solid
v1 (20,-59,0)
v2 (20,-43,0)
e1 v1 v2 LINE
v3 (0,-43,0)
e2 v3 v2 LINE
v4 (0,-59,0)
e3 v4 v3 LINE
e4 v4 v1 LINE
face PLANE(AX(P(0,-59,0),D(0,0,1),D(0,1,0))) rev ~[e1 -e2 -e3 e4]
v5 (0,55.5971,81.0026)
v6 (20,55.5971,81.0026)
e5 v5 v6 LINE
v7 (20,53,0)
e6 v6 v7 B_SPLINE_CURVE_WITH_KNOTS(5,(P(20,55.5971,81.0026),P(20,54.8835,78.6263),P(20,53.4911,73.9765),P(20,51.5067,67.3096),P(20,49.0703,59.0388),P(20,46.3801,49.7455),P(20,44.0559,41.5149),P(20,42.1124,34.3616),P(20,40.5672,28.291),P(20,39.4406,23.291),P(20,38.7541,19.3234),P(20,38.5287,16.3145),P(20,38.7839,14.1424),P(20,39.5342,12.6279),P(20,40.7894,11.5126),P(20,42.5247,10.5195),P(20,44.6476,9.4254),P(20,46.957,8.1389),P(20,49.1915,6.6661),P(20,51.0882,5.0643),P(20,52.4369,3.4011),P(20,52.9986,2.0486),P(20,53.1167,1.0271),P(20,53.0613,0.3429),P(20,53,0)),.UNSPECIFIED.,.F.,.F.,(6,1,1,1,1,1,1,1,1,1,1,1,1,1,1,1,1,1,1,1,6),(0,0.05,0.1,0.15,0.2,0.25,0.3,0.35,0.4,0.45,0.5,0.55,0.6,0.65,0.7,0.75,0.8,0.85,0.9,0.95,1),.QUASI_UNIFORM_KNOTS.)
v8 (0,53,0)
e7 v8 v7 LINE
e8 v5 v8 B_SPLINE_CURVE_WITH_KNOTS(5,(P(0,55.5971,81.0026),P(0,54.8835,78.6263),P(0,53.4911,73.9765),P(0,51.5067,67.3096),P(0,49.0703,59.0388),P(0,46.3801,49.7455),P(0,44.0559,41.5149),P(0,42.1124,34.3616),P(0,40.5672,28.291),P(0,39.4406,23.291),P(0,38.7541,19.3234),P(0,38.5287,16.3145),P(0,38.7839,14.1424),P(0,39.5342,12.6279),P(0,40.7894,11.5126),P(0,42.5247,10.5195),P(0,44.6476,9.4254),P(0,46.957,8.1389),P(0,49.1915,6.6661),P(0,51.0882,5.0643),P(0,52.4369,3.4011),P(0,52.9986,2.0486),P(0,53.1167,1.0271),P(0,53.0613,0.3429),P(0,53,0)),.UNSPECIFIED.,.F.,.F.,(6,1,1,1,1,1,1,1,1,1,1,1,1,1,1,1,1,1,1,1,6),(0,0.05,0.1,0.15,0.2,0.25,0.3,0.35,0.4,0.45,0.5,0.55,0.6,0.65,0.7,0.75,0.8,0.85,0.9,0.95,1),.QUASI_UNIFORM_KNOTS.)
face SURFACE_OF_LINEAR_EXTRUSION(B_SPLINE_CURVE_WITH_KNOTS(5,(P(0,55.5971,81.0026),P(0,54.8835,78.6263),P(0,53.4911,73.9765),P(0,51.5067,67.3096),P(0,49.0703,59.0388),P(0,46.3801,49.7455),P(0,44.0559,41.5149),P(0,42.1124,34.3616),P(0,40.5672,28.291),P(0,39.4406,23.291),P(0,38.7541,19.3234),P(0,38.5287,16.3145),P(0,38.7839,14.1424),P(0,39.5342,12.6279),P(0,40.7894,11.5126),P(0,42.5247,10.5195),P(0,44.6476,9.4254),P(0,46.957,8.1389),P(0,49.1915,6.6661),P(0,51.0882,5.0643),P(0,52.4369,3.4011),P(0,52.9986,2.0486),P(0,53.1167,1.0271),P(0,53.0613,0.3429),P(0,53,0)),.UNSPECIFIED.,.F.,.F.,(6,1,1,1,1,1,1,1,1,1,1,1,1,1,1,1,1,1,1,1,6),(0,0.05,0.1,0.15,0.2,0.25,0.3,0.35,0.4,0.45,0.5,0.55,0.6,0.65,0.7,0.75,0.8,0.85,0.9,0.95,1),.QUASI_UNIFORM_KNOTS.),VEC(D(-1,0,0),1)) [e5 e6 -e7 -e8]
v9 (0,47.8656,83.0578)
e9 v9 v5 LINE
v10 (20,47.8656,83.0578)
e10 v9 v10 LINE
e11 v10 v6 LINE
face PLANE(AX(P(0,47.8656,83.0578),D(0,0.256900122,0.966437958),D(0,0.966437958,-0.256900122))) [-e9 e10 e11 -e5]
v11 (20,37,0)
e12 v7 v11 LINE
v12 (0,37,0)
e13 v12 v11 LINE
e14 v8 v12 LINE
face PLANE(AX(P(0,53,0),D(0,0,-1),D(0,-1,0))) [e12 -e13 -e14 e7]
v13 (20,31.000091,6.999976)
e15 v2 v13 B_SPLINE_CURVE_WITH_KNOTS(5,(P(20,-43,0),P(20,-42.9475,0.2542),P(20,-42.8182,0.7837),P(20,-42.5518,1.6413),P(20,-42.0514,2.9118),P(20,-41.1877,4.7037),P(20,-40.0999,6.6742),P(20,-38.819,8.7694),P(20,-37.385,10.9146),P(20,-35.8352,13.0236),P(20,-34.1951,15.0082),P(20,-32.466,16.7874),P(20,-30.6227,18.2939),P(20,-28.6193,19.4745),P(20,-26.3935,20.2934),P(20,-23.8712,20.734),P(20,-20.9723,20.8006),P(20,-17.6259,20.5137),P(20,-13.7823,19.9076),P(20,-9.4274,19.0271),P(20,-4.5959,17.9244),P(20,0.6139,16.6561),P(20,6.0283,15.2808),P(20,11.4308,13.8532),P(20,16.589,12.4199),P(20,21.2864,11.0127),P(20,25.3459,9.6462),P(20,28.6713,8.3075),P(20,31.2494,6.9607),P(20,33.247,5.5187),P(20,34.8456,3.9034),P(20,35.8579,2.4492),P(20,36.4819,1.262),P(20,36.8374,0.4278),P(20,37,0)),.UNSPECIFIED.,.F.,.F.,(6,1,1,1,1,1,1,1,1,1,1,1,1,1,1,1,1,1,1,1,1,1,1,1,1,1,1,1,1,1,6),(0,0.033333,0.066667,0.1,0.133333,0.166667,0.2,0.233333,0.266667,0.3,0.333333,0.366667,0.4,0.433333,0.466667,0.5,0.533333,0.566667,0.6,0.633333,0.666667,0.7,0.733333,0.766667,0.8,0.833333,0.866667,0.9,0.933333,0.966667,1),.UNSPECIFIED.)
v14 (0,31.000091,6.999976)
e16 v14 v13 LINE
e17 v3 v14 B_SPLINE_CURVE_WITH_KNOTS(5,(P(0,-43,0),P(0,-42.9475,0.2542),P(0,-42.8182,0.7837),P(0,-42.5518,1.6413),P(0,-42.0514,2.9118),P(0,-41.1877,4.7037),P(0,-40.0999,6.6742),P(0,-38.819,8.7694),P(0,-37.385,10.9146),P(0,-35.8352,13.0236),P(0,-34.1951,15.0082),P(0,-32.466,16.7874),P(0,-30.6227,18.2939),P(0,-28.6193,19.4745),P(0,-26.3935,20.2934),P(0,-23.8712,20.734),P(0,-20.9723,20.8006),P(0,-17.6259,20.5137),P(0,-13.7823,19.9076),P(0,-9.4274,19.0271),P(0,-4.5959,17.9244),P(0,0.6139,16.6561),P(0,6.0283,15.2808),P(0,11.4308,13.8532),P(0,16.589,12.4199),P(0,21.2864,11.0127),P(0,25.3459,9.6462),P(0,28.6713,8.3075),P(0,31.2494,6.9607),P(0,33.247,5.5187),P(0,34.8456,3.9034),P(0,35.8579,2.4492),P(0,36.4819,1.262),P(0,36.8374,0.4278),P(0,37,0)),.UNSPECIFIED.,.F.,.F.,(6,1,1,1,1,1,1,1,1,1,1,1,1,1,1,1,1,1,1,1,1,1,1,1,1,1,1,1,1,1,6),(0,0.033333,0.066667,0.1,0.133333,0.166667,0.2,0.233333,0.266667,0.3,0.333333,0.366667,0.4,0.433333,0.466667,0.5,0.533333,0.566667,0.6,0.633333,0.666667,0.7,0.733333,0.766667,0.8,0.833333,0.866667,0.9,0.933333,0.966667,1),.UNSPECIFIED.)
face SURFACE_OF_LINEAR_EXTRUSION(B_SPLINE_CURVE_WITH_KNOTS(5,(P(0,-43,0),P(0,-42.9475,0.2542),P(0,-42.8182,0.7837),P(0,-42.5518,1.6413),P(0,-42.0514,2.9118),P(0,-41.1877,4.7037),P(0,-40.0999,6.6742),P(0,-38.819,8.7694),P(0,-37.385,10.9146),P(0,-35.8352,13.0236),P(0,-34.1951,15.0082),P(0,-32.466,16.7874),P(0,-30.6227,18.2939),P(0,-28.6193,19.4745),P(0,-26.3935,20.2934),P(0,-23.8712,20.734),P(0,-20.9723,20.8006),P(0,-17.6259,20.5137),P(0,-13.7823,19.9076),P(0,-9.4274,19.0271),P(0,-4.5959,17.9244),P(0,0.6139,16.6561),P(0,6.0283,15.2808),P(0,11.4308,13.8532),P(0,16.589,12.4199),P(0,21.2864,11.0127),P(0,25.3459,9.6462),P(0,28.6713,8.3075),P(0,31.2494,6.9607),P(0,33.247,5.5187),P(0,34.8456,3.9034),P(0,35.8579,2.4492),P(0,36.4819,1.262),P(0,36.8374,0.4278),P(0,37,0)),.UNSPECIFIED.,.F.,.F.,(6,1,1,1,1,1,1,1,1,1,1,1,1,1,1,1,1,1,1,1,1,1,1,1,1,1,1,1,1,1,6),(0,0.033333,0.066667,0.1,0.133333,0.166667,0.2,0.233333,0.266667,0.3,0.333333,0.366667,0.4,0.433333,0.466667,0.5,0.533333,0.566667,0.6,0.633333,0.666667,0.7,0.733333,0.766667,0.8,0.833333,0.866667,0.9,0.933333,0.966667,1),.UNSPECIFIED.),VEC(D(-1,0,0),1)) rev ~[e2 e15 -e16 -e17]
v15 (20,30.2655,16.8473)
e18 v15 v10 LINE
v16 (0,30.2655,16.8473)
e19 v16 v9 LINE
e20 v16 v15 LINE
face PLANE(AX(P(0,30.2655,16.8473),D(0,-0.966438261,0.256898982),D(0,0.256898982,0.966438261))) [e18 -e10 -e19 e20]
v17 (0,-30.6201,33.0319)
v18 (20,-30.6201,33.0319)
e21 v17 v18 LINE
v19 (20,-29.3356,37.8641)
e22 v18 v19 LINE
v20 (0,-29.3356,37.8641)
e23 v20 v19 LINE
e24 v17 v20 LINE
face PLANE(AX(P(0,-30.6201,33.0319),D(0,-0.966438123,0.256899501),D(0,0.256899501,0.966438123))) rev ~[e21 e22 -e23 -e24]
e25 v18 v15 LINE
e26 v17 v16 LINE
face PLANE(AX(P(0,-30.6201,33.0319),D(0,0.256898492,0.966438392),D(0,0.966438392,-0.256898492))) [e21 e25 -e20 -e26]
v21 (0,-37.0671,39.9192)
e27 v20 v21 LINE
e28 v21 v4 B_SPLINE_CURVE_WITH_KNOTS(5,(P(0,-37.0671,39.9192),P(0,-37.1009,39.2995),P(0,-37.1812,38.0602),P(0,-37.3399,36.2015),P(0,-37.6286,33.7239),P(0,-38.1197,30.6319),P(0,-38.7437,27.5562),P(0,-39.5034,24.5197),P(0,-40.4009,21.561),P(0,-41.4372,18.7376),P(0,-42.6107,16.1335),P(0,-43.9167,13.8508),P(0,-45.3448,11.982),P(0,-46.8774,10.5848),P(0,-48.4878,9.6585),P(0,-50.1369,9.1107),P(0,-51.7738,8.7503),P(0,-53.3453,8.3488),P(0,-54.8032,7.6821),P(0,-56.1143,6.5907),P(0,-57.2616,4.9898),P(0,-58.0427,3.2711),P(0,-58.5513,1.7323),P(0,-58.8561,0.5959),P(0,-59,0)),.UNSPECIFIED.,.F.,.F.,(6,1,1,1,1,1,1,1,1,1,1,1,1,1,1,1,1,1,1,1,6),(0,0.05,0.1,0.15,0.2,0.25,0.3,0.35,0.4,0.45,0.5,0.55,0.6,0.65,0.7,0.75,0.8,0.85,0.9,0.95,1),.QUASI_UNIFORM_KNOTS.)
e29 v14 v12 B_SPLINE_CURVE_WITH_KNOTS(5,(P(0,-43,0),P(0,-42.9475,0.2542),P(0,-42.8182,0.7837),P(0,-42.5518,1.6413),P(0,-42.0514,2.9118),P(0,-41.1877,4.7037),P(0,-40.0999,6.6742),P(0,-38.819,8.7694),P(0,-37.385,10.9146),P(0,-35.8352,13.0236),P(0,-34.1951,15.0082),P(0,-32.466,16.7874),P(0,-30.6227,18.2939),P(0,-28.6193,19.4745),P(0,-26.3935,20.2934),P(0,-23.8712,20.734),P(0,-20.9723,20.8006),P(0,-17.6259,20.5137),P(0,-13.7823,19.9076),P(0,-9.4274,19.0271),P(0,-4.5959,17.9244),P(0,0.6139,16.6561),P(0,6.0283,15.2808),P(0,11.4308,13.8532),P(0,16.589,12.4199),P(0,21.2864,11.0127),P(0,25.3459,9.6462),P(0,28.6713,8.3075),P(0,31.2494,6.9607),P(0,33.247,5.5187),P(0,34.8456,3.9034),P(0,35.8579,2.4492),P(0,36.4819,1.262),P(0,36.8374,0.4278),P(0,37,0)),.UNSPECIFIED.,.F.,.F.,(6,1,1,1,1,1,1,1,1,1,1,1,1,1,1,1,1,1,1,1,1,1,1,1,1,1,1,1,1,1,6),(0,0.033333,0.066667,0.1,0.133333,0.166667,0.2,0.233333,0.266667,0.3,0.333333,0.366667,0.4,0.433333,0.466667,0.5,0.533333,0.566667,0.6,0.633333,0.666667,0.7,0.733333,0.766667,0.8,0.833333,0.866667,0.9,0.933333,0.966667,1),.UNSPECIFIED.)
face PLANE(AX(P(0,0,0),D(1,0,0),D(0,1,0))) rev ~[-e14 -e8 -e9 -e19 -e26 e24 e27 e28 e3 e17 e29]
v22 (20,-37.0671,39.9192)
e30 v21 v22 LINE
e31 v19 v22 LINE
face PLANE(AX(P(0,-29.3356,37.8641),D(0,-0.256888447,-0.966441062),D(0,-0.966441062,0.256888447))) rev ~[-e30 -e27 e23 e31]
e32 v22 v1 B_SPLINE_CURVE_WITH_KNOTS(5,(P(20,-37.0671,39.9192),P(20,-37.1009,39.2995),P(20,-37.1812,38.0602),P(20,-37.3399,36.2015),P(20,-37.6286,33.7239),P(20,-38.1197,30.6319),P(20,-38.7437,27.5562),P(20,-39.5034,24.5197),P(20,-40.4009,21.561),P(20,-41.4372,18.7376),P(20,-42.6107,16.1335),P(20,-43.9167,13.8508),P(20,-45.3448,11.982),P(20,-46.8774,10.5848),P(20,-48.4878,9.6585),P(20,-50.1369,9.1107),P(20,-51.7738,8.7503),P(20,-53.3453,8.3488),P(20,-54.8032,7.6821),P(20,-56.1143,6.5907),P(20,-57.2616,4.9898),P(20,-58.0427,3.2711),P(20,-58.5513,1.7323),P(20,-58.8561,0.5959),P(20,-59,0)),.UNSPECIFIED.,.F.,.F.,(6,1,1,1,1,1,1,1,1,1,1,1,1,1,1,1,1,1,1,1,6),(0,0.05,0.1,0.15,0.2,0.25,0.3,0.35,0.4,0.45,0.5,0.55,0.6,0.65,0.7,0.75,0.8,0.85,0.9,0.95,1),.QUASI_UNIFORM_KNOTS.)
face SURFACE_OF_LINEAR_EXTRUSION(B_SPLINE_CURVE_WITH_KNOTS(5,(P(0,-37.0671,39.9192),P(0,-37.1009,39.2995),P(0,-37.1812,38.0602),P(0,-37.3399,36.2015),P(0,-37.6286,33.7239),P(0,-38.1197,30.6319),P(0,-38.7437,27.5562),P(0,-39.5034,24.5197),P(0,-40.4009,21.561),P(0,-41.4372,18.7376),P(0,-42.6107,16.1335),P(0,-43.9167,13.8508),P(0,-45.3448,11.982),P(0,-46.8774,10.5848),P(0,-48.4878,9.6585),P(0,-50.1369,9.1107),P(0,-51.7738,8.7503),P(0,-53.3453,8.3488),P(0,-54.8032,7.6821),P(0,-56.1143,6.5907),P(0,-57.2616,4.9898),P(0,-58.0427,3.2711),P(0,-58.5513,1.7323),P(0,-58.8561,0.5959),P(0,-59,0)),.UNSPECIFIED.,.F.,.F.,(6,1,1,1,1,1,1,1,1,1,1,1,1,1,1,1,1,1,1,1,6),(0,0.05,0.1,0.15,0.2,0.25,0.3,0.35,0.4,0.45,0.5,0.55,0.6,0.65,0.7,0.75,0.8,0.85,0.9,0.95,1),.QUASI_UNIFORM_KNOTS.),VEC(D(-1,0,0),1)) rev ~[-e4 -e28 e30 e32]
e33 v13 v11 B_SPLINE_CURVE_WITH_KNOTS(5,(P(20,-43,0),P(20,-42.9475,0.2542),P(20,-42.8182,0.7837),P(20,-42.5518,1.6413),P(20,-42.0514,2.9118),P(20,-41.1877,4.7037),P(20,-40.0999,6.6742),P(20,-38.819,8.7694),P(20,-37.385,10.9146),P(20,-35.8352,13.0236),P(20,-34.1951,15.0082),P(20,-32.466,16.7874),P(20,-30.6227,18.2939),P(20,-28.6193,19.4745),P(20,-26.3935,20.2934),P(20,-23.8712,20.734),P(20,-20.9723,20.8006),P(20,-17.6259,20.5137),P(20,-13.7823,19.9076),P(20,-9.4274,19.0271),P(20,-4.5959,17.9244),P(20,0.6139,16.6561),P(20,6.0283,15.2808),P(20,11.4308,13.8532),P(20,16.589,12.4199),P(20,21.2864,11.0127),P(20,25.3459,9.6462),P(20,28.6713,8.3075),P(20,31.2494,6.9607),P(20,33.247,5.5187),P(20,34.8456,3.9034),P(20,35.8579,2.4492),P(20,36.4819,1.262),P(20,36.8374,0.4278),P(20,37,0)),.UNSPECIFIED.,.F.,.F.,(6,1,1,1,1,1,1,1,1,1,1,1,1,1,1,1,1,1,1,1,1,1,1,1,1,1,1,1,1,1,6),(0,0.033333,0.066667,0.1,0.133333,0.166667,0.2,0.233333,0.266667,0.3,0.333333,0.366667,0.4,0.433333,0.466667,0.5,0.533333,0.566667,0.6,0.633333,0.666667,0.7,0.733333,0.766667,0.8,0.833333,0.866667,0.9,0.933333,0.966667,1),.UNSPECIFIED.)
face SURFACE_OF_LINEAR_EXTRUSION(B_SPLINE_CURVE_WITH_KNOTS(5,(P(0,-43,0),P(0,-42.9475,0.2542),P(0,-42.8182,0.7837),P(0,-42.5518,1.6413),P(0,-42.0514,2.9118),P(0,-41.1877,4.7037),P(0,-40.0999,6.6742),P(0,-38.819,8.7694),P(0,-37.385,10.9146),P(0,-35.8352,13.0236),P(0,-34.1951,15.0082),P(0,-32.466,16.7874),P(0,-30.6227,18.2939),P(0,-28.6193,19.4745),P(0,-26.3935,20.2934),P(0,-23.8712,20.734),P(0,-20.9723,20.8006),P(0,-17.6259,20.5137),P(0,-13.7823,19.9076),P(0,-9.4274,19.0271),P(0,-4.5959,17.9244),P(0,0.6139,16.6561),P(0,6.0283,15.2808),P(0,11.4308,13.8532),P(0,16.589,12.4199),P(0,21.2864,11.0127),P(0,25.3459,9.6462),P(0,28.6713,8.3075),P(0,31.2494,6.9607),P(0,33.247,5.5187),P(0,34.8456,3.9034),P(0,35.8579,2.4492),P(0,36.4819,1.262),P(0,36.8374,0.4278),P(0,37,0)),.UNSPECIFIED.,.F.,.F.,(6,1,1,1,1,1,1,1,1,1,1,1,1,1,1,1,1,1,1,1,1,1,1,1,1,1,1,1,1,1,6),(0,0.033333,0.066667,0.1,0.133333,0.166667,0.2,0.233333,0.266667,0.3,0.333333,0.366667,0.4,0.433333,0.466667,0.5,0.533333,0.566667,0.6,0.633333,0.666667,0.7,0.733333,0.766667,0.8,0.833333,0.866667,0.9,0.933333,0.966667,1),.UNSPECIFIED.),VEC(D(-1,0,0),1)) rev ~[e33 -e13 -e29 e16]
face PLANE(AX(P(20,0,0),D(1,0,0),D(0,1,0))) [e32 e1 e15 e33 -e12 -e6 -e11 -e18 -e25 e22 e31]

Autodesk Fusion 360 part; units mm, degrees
sketch "Sketch1" plane through (0, 0, 0) normal (1, 0, 0) x (0, 1, 0)
  line L0 (-30.6201, 33.0319) -> (30.2655, 16.8473)
  line L1 (30.2655, 16.8473) -> (47.8656, 83.0578)
  line L2 (-30.6201, 33.0319) -> (-29.3356, 37.8641)
  line L3 (-29.3356, 37.8641) -> (-37.0671, 39.9192)
  line L4 (47.8656, 83.0578) -> (55.5971, 81.0026)
  spline S0 degree 5 poles (55.5971, 81.0026) (54.8835, 78.6263) (53.4911, 73.9765) (51.5067, 67.3096) (49.0703, 59.0388) (46.3801, 49.7455) (44.0559, 41.5149) (42.1124, 34.3616) (40.5672, 28.291) (39.4406, 23.291) (38.7541, 19.3234) (38.5287, 16.3145) (38.7839, 14.1424) (39.5342, 12.6279) (40.7894, 11.5126) (42.5247, 10.5195) (44.6476, 9.4254) (46.957, 8.1389) (49.1915, 6.6661) (51.0882, 5.0643) (52.4369, 3.4011) (52.9986, 2.0486) (53.1167, 1.0271) (53.0613, 0.3429) (53, 0) knots 0 0 0 0 0 0 0.05 0.1 0.15 0.2 0.25 0.3 0.35 0.4 0.45 0.5 0.55 0.6 0.65 0.7 0.75 0.8 0.85 0.9 0.95 1 1 1 1 1 1
  line L5 (53, 0) -> (37, 0)
  spline S1 degree 5 poles (-37.0671, 39.9192) (-37.1009, 39.2995) (-37.1812, 38.0602) (-37.3399, 36.2015) (-37.6286, 33.7239) (-38.1197, 30.6319) (-38.7437, 27.5562) (-39.5034, 24.5197) (-40.4009, 21.561) (-41.4372, 18.7376) (-42.6107, 16.1335) (-43.9167, 13.8508) (-45.3448, 11.982) (-46.8774, 10.5848) (-48.4878, 9.6585) (-50.1369, 9.1107) (-51.7738, 8.7503) (-53.3453, 8.3488) (-54.8032, 7.6821) (-56.1143, 6.5907) (-57.2616, 4.9898) (-58.0427, 3.2711) (-58.5513, 1.7323) (-58.8561, 0.5959) (-59, 0) knots 0 0 0 0 0 0 0.05 0.1 0.15 0.2 0.25 0.3 0.35 0.4 0.45 0.5 0.55 0.6 0.65 0.7 0.75 0.8 0.85 0.9 0.95 1 1 1 1 1 1
  line L6 (-59, 0) -> (-43, 0)
  spline S2 degree 5 poles (-43, 0) (-42.9475, 0.2542) (-42.8182, 0.7837) (-42.5518, 1.6413) (-42.0514, 2.9118) (-41.1877, 4.7037) (-40.0999, 6.6742) (-38.819, 8.7694) (-37.385, 10.9146) (-35.8352, 13.0236) (-34.1951, 15.0082) (-32.466, 16.7874) (-30.6227, 18.2939) (-28.6193, 19.4745) (-26.3935, 20.2934) (-23.8712, 20.734) (-20.9723, 20.8006) (-17.6259, 20.5137) (-13.7823, 19.9076) (-9.4274, 19.0271) (-4.5959, 17.9244) (0.6139, 16.6561) (6.0283, 15.2808) (11.4308, 13.8532) (16.589, 12.4199) (21.2864, 11.0127) (25.3459, 9.6462) (28.6713, 8.3075) (31.2494, 6.9607) (33.247, 5.5187) (34.8456, 3.9034) (35.8579, 2.4492) (36.4819, 1.262) (36.8374, 0.4278) (37, 0) knots 0 0 0 0 0 0 0.033333 0.066667 0.1 0.133333 0.166667 0.2 0.233333 0.266667 0.3 0.333333 0.366667 0.4 0.433333 0.466667 0.5 0.533333 0.566667 0.6 0.633333 0.666667 0.7 0.733333 0.766667 0.8 0.833333 0.866667 0.9 0.933333 0.966667 1 1 1 1 1 1
  line L7 (26, 10) -> (36, 4)
  point P0 (39, 14)
  point P1 (42.8399, 10.3752)
  point P2 (51, 5)
  point P3 (-41, 20)
  point P4 (-48, 10)
  point P5 (-54, 8)
  point P6 (-41, 5)
  point P7 (-35, 14)
  point P8 (-27, 20)
  point P9 (-5, 18)
  point P10 (31, 7)
  dimension "d1" = 63
  dimension "d2" = 5
  dimension "d3" = 8
  dimension "d4" = 8
extrude "Extrude1" add sketch "Sketch1" along normal blind 20
